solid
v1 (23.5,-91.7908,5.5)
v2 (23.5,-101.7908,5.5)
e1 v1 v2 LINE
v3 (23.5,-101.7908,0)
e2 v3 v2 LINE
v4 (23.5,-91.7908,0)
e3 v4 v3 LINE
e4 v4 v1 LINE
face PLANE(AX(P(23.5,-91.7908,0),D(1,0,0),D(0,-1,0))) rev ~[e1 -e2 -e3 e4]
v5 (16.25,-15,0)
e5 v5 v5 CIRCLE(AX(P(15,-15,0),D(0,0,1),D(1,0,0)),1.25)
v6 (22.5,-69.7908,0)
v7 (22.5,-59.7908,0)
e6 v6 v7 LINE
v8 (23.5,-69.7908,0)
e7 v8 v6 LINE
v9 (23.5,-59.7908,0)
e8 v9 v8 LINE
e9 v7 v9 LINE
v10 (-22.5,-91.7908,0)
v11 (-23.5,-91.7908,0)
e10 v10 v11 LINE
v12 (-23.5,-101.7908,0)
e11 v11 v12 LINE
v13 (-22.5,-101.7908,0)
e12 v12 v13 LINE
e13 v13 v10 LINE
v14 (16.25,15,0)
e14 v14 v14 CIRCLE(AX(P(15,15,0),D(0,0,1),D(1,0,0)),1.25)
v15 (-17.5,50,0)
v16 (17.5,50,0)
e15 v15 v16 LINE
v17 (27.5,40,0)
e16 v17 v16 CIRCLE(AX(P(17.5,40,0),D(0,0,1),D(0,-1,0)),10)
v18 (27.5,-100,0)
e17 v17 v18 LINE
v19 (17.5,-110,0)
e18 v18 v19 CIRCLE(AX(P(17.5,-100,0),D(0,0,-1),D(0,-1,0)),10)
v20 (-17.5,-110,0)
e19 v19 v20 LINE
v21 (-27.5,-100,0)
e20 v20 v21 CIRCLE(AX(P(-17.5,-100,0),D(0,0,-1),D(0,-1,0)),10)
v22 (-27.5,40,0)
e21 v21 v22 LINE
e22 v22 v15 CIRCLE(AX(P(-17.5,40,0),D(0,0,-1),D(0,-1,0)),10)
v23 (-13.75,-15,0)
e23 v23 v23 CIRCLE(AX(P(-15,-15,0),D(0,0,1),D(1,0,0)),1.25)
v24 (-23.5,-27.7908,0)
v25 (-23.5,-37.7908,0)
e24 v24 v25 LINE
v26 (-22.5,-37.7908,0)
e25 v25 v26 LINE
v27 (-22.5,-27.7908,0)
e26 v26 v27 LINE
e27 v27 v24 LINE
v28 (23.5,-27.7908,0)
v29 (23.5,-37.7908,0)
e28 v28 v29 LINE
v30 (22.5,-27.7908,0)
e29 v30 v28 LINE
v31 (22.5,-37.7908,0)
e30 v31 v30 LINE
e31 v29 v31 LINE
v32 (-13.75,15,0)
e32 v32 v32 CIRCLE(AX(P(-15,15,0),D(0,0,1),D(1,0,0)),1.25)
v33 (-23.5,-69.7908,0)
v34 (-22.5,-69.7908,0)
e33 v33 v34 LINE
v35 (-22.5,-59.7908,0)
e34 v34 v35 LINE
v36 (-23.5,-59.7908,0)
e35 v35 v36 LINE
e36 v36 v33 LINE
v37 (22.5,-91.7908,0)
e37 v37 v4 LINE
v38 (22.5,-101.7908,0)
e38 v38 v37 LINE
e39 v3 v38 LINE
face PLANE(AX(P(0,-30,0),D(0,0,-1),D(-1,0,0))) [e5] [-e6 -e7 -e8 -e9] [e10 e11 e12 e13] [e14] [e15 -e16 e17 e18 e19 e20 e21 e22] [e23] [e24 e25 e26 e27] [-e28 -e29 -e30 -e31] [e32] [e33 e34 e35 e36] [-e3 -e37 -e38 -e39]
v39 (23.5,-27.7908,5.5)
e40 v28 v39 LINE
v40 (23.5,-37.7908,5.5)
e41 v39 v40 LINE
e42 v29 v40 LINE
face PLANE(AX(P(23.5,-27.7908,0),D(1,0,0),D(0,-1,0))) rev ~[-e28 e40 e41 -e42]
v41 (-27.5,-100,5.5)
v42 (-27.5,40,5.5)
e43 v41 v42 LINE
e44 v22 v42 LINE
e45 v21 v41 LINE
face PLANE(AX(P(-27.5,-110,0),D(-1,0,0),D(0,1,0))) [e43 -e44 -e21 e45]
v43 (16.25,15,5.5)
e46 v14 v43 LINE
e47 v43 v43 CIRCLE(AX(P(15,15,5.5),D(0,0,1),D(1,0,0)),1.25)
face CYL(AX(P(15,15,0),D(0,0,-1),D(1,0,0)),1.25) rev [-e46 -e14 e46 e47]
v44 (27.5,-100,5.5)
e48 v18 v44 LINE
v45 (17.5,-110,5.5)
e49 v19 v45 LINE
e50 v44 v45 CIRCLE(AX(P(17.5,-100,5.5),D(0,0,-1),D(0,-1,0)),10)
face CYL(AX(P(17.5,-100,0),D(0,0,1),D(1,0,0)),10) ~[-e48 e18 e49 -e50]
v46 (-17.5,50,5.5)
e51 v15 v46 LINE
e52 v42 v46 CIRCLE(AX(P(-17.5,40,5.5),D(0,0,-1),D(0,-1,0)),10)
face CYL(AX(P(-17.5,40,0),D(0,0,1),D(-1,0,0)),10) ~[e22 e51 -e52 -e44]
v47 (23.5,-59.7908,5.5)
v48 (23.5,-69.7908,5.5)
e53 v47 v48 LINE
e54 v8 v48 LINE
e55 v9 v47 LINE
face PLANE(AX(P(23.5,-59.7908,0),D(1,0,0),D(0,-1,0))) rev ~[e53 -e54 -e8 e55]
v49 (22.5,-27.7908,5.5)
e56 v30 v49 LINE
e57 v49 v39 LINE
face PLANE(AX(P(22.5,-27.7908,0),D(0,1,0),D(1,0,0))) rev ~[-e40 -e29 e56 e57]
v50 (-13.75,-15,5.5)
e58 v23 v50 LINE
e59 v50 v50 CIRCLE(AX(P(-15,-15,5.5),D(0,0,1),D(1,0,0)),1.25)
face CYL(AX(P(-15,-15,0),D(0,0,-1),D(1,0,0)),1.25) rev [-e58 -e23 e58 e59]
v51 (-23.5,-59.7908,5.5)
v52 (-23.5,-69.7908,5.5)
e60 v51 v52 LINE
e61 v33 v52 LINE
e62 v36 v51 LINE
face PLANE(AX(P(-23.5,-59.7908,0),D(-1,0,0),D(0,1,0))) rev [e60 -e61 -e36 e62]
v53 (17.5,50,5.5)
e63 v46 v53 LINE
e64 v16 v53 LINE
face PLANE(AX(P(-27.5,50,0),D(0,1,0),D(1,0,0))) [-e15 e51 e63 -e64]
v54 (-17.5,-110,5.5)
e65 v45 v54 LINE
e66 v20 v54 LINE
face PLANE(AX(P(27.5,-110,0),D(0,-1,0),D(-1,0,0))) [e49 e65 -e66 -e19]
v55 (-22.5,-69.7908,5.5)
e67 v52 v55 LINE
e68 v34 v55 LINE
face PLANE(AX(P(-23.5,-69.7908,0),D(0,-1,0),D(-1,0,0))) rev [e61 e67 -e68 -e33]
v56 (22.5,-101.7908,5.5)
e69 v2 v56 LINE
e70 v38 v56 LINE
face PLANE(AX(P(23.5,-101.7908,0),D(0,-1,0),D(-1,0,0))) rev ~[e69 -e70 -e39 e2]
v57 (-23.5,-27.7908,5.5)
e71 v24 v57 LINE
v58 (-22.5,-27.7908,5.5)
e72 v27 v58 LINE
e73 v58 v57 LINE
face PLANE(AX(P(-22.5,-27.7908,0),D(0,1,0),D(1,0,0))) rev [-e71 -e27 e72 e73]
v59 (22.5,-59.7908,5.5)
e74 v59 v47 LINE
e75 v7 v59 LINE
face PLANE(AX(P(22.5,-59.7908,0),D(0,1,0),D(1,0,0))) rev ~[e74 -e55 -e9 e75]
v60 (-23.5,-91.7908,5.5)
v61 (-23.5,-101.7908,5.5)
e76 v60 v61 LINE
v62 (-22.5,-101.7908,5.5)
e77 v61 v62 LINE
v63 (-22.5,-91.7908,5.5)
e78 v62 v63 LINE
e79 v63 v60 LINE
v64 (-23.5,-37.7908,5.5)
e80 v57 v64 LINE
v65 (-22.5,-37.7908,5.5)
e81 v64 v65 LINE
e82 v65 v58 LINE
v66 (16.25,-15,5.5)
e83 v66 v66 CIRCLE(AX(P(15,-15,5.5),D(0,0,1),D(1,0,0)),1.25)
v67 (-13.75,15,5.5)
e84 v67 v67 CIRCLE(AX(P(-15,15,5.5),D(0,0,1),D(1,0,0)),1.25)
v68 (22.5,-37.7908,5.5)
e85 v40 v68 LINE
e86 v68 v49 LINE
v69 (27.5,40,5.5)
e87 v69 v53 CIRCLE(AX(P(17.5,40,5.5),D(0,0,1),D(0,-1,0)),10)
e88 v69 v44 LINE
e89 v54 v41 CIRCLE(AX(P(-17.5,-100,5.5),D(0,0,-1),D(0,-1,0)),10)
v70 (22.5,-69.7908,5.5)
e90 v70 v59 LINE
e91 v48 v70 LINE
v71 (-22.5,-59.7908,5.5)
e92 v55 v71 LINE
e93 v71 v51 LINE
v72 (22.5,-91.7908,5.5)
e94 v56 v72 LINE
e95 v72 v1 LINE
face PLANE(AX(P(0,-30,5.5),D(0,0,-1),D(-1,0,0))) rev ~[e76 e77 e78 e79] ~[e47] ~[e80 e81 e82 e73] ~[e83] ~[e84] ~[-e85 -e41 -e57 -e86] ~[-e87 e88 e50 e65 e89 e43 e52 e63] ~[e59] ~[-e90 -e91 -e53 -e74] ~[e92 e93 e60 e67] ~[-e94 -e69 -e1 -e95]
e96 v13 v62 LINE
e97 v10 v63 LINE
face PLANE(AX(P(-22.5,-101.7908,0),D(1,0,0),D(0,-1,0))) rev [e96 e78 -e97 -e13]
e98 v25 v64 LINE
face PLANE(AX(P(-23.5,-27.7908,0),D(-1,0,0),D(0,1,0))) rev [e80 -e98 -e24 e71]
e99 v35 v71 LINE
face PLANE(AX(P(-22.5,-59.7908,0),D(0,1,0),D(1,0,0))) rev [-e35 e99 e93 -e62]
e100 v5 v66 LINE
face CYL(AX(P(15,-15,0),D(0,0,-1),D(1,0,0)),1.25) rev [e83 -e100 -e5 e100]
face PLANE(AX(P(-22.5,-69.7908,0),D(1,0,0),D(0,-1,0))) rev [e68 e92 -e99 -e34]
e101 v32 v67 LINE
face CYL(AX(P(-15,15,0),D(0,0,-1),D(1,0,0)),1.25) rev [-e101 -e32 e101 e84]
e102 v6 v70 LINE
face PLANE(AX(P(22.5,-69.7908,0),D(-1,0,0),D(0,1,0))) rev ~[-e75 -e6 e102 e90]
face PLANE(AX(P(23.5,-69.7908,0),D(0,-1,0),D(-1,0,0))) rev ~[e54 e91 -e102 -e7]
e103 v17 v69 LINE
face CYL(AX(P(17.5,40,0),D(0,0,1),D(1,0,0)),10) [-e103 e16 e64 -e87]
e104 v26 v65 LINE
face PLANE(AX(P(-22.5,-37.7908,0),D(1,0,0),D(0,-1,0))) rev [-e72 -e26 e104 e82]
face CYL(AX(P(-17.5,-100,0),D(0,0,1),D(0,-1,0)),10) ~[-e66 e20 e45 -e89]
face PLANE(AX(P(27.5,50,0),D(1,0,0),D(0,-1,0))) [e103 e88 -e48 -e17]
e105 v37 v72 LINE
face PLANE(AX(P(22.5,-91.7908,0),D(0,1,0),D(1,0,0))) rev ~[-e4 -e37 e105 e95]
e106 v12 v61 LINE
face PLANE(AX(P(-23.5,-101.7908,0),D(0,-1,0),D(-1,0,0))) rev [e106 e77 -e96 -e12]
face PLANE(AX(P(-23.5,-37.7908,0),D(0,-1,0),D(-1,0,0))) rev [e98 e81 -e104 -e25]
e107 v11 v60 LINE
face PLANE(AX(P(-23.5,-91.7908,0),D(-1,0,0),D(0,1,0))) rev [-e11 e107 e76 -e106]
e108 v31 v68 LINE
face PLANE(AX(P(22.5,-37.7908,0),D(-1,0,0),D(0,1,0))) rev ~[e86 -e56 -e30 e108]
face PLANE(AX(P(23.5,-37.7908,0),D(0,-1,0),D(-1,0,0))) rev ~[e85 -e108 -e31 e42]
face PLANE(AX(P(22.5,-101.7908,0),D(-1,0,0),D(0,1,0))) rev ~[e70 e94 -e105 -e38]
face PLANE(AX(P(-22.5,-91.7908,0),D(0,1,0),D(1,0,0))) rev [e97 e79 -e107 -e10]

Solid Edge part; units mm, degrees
sketch "Sketch1" plane through (0, 0, 0) normal (0, 0, 1) x (1, 0, 0)
  line L0 (27.5, 50) -> (27.5, -110)
  line L1 (27.5, -110) -> (-27.5, -110)
  line L2 (-27.5, -110) -> (-27.5, 50)
  line L3 (-27.5, 50) -> (27.5, 50)
  circle A0 centre (-15, 15) radius 1.25
  circle A1 centre (-15, -15) radius 1.25
  circle A2 centre (15, -15) radius 1.25
  circle A3 centre (15, 15) radius 1.25
  dimension "D1" = 80
  dimension "D2" = 43
  dimension "D3" = 30
  dimension "D4" = 30
  dimension "D5" = 10
  dimension "D6" = 5
  dimension "D7" = 110
  dimension "D8" = 55
  dimension "D9" = 50
  dimension "D10" = 1
  dimension "D11" = 1
  dimension "D12" = 4
  dimension "D13" = 10
  dimension "D14" = 22
  dimension "D15" = 22
extrude "Protrusion1" add sketch "Sketch1" along normal blind 5.5
fillet "Round_1" radius 10 4 edges at (27.5, 50, 2.75) (-27.5, 50, 2.75) (-27.5, -110, 2.75) (27.5, -110, 2.75)
sketch "Sketch2" plane through (0, 0, 0) normal (0, 0, 1) x (1, 0, 0)
  line L0 (23.5, -27.7908) -> (23.5, -37.7908)
  line L1 (23.5, -37.7908) -> (22.5, -37.7908)
  line L2 (22.5, -37.7908) -> (22.5, -27.7908)
  line L3 (22.5, -27.7908) -> (23.5, -27.7908)
  line L4 (23.5, -59.7908) -> (23.5, -69.7908)
  line L5 (23.5, -69.7908) -> (22.5, -69.7908)
  line L6 (22.5, -69.7908) -> (22.5, -59.7908)
  line L7 (22.5, -59.7908) -> (23.5, -59.7908)
  line L8 (23.5, -91.7908) -> (23.5, -101.7908)
  line L9 (23.5, -101.7908) -> (22.5, -101.7908)
  line L10 (22.5, -101.7908) -> (22.5, -91.7908)
  line L11 (22.5, -91.7908) -> (23.5, -91.7908)
  dimension "D1" = 80
  dimension "D2" = 43
  dimension "D3" = 30
  dimension "D4" = 30
  dimension "D5" = 10
  dimension "D6" = 5
  dimension "D7" = 110
  dimension "D8" = 55
  dimension "D9" = 50
  dimension "D10" = 1
  dimension "D11" = 1
  dimension "D12" = 4
  dimension "D13" = 10
  dimension "D14" = 22
  dimension "D15" = 22
extrude "Cutout1" cut sketch "Sketch2" along normal through all
mirror "Mirror1" about plane through (0, 0, 0) normal (1, 0, 0) of "Cutout1"
